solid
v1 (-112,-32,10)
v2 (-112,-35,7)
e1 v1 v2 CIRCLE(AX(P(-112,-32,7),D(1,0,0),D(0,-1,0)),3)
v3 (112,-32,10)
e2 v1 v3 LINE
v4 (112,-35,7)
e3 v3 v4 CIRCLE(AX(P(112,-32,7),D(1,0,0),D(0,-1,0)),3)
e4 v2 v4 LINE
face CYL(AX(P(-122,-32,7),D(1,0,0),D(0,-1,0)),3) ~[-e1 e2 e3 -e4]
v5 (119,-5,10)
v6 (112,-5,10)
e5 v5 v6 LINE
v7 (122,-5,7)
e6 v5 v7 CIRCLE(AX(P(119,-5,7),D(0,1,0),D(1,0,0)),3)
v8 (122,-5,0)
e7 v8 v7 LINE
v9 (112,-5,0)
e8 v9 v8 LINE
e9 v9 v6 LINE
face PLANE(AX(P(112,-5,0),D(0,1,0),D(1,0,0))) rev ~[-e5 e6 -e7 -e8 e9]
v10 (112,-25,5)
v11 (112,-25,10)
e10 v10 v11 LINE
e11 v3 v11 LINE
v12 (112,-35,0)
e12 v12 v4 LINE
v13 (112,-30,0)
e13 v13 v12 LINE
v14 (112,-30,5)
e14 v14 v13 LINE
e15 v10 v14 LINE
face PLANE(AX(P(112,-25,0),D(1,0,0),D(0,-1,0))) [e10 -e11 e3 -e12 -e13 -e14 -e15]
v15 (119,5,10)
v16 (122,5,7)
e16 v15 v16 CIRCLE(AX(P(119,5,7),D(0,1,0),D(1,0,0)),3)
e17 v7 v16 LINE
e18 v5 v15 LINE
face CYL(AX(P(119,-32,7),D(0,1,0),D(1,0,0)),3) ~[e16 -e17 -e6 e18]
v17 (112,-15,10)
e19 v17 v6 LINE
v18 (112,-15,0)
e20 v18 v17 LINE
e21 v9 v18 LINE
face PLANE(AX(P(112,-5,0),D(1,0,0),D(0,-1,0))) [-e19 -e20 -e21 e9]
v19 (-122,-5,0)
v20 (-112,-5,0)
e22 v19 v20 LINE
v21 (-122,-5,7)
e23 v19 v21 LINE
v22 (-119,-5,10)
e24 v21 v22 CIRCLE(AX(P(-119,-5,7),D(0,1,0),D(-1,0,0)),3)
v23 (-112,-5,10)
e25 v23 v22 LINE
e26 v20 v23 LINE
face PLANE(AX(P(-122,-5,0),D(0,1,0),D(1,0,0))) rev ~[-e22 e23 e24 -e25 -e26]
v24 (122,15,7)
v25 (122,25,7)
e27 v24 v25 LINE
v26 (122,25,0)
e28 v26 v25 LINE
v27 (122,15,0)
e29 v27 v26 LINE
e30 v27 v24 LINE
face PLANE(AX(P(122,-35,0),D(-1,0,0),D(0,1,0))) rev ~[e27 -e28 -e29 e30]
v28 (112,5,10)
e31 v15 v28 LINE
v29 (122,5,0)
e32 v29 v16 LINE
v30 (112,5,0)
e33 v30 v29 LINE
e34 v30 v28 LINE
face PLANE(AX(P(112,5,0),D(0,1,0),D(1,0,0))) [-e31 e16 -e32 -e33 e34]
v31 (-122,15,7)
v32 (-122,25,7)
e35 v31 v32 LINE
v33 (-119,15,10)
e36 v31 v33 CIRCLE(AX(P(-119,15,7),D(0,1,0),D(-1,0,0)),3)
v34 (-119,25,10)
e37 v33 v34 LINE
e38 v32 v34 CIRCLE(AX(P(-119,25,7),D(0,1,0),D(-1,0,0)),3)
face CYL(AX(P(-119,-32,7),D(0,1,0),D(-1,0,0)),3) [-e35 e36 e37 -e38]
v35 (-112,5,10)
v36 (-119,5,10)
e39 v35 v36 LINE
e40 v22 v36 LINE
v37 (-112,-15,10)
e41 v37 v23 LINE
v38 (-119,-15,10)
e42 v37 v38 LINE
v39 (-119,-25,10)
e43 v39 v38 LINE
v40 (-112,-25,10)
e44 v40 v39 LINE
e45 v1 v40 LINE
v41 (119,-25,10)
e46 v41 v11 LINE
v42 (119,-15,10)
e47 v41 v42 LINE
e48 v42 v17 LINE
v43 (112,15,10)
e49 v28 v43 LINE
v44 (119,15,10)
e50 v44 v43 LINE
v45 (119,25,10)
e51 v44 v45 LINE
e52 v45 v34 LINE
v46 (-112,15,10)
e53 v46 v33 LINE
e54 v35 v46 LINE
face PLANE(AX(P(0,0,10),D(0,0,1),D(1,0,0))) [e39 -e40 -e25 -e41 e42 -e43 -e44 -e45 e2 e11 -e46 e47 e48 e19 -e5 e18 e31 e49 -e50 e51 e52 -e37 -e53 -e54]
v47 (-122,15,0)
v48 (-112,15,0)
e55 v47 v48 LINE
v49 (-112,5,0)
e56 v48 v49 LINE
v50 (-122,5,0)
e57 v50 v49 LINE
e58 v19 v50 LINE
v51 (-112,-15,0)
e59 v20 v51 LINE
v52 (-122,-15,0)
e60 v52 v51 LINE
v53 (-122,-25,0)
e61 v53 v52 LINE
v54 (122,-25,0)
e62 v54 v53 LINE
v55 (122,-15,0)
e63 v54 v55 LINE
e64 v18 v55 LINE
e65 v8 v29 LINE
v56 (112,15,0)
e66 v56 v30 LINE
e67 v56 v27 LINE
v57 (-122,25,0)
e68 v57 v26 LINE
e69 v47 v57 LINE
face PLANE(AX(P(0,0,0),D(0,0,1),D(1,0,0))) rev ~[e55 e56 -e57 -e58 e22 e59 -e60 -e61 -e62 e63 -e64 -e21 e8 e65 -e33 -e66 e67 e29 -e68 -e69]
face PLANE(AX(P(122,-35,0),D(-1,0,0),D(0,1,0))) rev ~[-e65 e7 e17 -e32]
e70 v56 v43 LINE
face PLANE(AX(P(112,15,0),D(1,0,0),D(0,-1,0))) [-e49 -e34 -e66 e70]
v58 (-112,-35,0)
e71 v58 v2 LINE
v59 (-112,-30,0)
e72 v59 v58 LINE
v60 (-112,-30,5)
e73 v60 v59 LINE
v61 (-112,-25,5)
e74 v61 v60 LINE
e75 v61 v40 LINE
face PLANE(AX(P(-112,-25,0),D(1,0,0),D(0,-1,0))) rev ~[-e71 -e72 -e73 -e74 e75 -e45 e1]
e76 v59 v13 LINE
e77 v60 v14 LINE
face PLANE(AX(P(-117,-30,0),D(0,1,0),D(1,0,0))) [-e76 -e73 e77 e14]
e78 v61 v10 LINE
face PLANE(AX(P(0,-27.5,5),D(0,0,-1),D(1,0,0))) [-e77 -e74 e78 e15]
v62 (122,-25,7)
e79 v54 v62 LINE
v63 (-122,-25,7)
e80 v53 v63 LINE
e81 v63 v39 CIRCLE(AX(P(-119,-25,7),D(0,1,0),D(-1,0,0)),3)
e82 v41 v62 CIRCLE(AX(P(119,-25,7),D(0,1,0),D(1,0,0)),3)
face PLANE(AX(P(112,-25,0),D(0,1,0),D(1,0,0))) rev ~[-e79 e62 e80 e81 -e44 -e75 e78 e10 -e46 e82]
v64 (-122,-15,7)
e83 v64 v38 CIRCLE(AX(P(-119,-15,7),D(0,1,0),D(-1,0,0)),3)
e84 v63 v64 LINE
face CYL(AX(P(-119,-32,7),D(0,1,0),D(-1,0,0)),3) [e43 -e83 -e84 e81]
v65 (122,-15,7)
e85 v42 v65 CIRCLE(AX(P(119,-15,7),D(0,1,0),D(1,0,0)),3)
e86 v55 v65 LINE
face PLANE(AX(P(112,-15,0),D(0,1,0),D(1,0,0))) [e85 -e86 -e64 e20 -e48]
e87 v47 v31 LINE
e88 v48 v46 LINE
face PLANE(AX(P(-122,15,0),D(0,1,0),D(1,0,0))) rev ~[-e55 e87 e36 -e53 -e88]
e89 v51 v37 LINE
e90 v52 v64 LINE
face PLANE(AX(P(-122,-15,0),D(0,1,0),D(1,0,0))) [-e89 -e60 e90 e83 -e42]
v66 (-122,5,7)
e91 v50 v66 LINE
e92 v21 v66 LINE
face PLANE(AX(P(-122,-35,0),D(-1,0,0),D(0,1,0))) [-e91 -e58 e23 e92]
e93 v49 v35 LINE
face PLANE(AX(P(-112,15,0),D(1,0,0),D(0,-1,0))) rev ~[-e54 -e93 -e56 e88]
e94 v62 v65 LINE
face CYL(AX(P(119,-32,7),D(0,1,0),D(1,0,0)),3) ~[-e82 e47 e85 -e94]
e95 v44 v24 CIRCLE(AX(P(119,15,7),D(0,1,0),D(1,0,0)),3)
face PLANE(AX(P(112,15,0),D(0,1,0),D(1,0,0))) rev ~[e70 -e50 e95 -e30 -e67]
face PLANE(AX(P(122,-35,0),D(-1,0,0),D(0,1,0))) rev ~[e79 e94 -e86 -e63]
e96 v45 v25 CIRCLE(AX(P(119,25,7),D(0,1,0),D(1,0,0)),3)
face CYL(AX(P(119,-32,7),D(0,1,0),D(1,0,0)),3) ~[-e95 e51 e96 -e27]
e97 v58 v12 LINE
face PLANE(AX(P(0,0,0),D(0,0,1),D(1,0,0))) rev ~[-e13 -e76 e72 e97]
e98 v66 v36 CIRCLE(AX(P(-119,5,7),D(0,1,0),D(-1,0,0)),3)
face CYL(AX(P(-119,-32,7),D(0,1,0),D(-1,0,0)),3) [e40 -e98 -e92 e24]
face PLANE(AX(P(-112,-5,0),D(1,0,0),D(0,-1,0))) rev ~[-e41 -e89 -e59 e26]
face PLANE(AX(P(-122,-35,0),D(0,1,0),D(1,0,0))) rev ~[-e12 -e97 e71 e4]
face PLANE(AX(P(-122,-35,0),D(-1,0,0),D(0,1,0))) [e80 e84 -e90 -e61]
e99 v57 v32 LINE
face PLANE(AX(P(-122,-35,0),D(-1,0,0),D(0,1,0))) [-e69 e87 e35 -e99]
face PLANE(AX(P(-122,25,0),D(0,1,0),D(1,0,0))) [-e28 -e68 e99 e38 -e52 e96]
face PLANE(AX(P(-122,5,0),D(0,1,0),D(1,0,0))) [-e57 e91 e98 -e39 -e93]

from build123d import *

# Parameters (mm, degrees)
SKETCH_W        = 244
SKETCH_H        = 70
PAD_DEPTH       = 10
FILLET_R        = 3
FILLET001_R     = 3
FILLET002_R     = 3
FILLET003_R     = 3
POCKET_DEPTH    = 5
SKETCH002_W     = 10
SKETCH002_H     = 10
SKETCH002_W_2   = 244
POCKET001_DEPTH = 10.001


with BuildPart() as part:
    # Sketch → Pad (new body)
    with BuildSketch(Plane.XY):
        Rectangle(SKETCH_W, SKETCH_H)
    extrude(amount=PAD_DEPTH)

    # Fillet
    fillet_edges = [part.edges().sort_by_distance(p)[0] for p in [
        (0, -35, 10),
    ]]
    fillet(fillet_edges, radius=FILLET_R)

    # Fillet001
    fillet001_edges = [part.edges().sort_by_distance(p)[0] for p in [
        (-122, 1.5, 10),
    ]]
    fillet(fillet001_edges, radius=FILLET001_R)

    # Fillet002
    fillet002_edges = [part.edges().sort_by_distance(p)[0] for p in [
        (1.5, 35, 10),
    ]]
    fillet(fillet002_edges, radius=FILLET002_R)

    # Fillet003
    fillet003_edges = [part.edges().sort_by_distance(p)[0] for p in [
        (122, 0, 10),
    ]]
    fillet(fillet003_edges, radius=FILLET003_R)

    # Sketch001 (on Face2 of Fillet003) → Pocket (cut)
    with BuildSketch(Plane(origin=(0, 0, 0), x_dir=(1, 0, 0), z_dir=(0, 0, -1))):
        with BuildLine():
            ThreePointArc((-117, 30), (-119.5, 27.5), (-117, 25))
            Line((-117, 25), (117, 25))
            ThreePointArc((117, 25), (119.5, 27.5), (117, 30))
            Line((-117, 30), (117, 30))
        make_face()
    extrude(amount=-POCKET_DEPTH, mode=Mode.SUBTRACT)

    # Sketch002 (on Face2 of Pocket) → Pocket001 (cut, through all)
    with BuildSketch(Plane(origin=(0, 0, 0), x_dir=(1, 0, 0), z_dir=(0, 0, -1))):
        with Locations((-117, 10)):
            Rectangle(SKETCH002_W, SKETCH002_H)
        with Locations((-117, 30)):
            Rectangle(SKETCH002_W, SKETCH002_H)
        with Locations((-117, -10)):
            Rectangle(SKETCH002_W, SKETCH002_H)
        with Locations((117, 10)):
            Rectangle(SKETCH002_W, SKETCH002_H)
        with Locations((117, 30)):
            Rectangle(SKETCH002_W, SKETCH002_H)
        with Locations((117, -10)):
            Rectangle(SKETCH002_W, SKETCH002_H)
        with Locations((0, -30)):
            Rectangle(SKETCH002_W_2, SKETCH002_H)
    extrude(amount=-POCKET001_DEPTH, mode=Mode.SUBTRACT)


solid = part.part
